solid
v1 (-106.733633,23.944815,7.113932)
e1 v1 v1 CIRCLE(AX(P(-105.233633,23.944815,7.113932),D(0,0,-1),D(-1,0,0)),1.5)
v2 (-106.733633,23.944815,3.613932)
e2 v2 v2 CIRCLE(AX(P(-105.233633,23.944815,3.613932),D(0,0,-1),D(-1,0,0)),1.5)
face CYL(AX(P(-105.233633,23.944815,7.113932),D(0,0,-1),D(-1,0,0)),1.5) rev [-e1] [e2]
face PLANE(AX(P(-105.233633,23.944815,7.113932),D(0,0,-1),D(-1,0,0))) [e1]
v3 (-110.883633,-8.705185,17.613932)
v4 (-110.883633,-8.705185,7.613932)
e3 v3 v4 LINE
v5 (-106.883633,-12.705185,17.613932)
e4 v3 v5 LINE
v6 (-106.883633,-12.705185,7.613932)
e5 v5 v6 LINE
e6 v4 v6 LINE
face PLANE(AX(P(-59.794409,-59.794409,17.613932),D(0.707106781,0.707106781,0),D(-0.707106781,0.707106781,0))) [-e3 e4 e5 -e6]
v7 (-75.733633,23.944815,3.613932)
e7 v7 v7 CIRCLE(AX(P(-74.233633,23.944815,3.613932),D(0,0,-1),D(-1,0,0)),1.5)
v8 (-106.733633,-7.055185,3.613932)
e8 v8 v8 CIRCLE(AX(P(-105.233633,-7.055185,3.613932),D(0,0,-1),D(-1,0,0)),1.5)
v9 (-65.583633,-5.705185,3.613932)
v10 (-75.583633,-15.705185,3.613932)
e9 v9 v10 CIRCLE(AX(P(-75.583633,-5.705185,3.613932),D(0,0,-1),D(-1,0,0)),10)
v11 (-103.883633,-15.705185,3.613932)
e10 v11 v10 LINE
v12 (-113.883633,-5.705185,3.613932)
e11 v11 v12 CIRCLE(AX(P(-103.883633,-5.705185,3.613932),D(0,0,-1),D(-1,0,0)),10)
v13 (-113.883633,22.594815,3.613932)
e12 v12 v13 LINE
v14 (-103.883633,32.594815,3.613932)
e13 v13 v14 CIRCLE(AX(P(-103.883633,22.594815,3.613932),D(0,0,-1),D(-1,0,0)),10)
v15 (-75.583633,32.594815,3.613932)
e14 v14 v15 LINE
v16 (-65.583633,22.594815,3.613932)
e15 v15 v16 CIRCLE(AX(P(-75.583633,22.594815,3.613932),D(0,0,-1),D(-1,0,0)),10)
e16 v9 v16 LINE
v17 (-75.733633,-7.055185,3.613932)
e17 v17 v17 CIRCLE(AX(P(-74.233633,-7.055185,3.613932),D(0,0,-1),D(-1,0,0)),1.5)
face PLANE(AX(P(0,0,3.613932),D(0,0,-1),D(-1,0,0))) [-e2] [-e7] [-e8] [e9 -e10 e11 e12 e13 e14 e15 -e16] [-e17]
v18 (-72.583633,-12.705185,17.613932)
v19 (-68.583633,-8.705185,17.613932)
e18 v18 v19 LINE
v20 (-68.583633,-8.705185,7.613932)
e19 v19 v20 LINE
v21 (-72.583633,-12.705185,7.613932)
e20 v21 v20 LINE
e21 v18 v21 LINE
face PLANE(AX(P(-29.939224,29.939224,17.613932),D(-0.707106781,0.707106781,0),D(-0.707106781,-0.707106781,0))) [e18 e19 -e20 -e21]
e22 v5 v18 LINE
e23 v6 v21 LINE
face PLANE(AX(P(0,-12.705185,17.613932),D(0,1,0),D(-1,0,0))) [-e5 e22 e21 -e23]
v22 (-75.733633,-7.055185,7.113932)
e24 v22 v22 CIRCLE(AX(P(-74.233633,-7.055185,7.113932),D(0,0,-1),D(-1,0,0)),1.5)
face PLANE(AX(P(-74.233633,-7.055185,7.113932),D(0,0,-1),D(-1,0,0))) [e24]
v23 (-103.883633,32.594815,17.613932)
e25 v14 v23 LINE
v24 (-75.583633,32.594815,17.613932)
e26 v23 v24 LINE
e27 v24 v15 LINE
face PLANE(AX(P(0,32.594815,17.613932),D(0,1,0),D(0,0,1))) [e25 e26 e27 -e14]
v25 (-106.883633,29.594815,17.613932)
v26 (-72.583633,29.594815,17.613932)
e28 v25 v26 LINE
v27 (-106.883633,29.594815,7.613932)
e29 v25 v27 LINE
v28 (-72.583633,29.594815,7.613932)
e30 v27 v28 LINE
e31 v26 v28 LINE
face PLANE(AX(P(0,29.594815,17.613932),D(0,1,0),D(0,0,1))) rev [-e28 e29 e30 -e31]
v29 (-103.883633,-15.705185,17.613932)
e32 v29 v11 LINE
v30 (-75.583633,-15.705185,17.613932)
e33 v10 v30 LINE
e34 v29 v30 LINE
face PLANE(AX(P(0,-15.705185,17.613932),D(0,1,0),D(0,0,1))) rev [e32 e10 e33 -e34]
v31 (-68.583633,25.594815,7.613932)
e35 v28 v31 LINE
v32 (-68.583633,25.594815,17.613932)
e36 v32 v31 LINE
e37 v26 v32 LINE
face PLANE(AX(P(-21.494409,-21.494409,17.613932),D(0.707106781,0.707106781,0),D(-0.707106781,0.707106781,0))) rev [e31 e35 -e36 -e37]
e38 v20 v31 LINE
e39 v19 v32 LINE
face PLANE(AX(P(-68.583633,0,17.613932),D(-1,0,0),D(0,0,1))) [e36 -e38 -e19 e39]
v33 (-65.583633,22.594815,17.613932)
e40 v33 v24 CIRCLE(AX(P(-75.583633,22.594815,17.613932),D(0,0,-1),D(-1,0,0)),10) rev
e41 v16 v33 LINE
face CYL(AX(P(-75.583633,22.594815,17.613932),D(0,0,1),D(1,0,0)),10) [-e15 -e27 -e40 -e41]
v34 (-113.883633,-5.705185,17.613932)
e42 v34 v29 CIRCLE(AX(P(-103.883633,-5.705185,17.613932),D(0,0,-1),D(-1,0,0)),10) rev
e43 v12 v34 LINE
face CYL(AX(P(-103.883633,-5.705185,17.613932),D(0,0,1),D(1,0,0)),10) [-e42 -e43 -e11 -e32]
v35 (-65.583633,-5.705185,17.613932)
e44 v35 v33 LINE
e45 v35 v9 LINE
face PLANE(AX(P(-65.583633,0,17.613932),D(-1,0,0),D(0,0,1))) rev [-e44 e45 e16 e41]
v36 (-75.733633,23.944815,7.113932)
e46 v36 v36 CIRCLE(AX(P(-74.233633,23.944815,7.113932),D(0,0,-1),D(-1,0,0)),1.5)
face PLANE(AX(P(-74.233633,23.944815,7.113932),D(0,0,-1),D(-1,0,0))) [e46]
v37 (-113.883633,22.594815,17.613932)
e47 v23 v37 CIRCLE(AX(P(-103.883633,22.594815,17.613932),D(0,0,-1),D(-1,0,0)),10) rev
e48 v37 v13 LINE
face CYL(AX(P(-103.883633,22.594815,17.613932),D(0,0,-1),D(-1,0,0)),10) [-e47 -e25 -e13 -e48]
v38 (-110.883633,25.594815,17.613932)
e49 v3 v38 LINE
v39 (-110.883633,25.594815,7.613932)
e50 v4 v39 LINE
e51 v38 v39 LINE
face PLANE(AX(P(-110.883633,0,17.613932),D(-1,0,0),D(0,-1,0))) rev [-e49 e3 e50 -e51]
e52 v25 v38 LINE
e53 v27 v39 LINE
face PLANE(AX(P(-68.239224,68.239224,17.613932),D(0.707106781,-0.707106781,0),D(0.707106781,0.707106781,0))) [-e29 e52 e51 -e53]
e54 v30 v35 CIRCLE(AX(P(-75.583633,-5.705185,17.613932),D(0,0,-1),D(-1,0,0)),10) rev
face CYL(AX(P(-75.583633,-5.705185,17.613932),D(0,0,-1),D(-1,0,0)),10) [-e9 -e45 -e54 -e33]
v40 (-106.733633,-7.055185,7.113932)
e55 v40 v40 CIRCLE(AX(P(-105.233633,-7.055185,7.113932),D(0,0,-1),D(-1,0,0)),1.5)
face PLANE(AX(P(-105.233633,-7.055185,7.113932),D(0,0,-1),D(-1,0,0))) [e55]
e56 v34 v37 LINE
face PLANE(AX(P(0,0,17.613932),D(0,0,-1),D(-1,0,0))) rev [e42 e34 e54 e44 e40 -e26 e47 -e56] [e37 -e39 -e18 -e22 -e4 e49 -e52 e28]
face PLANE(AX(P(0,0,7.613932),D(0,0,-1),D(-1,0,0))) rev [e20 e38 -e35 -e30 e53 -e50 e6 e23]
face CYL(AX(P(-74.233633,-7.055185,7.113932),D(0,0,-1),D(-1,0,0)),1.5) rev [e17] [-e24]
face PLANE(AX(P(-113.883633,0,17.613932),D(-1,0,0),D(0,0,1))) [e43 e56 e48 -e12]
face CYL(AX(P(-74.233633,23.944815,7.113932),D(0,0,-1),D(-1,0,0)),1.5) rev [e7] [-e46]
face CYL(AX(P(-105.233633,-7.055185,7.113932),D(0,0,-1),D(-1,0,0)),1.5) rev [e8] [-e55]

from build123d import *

# Parameters (mm, degrees)
SKETCH1_W           = 48.3
SKETCH1_H           = 48.3
BOSS_EXTRUDE1_DEPTH = 10
SKETCH1_3_W         = 48.3
SKETCH1_3_H         = 48.3
BOSS_EXTRUDE2_DEPTH = 4
SKETCH2_R           = 1.5
CUT_EXTRUDE1_DEPTH  = 3.5
FILLET1_R           = 10


with BuildPart() as part:
    # Sketch1 → Boss-Extrude1 (new body)
    with BuildSketch(Plane(origin=(0, 0, 7.613932461), x_dir=(-1, 0, 0), z_dir=(0, 0, -1))):
        with Locations((89.733633233, 8.444815184)):
            Rectangle(SKETCH1_W, SKETCH1_H)
        Polygon((110.883633233, 25.594815184), (110.883633233, -8.705184816), (106.883633233, -12.705184816), (72.583633233, -12.705184816), (68.583633233, -8.705184816), (68.583633233, 25.594815184), (72.583633233, 29.594815184), (106.883633233, 29.594815184), align=None, mode=Mode.SUBTRACT)
    extrude(amount=-BOSS_EXTRUDE1_DEPTH)

    # Sketch1<3> → Boss-Extrude2 (add)
    with BuildSketch(Plane(origin=(0, 0, 7.613932461), x_dir=(-1, 0, 0), z_dir=(0, 0, -1))):
        with Locations((89.733633233, 8.444815184)):
            Rectangle(SKETCH1_3_W, SKETCH1_3_H)
    extrude(amount=BOSS_EXTRUDE2_DEPTH)

    # Sketch2 → Cut-Extrude1 (cut)
    with BuildSketch(Plane(origin=(0, 0, 3.613932461), x_dir=(-1, 0, 0), z_dir=(0, 0, -1))):
        with Locations((105.233633233, 23.944815184)):
            Circle(SKETCH2_R)
        with Locations((105.233633233, -7.055184816)):
            Circle(SKETCH2_R)
        with Locations((74.233633233, -7.055184816)):
            Circle(SKETCH2_R)
        with Locations((74.233633233, 23.944815184)):
            Circle(SKETCH2_R)
    extrude(amount=-CUT_EXTRUDE1_DEPTH, mode=Mode.SUBTRACT)

    # Fillet1
    fillet1_edges = [part.edges().sort_by_distance(p)[0] for p in [
        (-113.883633233, 32.594815184, 10.613932461),
        (-113.883633233, -15.705184816, 10.613932461),
        (-65.583633233, -15.705184816, 10.613932461),
        (-65.583633233, 32.594815184, 10.613932461),
    ]]
    fillet(fillet1_edges, radius=FILLET1_R)


solid = part.part
